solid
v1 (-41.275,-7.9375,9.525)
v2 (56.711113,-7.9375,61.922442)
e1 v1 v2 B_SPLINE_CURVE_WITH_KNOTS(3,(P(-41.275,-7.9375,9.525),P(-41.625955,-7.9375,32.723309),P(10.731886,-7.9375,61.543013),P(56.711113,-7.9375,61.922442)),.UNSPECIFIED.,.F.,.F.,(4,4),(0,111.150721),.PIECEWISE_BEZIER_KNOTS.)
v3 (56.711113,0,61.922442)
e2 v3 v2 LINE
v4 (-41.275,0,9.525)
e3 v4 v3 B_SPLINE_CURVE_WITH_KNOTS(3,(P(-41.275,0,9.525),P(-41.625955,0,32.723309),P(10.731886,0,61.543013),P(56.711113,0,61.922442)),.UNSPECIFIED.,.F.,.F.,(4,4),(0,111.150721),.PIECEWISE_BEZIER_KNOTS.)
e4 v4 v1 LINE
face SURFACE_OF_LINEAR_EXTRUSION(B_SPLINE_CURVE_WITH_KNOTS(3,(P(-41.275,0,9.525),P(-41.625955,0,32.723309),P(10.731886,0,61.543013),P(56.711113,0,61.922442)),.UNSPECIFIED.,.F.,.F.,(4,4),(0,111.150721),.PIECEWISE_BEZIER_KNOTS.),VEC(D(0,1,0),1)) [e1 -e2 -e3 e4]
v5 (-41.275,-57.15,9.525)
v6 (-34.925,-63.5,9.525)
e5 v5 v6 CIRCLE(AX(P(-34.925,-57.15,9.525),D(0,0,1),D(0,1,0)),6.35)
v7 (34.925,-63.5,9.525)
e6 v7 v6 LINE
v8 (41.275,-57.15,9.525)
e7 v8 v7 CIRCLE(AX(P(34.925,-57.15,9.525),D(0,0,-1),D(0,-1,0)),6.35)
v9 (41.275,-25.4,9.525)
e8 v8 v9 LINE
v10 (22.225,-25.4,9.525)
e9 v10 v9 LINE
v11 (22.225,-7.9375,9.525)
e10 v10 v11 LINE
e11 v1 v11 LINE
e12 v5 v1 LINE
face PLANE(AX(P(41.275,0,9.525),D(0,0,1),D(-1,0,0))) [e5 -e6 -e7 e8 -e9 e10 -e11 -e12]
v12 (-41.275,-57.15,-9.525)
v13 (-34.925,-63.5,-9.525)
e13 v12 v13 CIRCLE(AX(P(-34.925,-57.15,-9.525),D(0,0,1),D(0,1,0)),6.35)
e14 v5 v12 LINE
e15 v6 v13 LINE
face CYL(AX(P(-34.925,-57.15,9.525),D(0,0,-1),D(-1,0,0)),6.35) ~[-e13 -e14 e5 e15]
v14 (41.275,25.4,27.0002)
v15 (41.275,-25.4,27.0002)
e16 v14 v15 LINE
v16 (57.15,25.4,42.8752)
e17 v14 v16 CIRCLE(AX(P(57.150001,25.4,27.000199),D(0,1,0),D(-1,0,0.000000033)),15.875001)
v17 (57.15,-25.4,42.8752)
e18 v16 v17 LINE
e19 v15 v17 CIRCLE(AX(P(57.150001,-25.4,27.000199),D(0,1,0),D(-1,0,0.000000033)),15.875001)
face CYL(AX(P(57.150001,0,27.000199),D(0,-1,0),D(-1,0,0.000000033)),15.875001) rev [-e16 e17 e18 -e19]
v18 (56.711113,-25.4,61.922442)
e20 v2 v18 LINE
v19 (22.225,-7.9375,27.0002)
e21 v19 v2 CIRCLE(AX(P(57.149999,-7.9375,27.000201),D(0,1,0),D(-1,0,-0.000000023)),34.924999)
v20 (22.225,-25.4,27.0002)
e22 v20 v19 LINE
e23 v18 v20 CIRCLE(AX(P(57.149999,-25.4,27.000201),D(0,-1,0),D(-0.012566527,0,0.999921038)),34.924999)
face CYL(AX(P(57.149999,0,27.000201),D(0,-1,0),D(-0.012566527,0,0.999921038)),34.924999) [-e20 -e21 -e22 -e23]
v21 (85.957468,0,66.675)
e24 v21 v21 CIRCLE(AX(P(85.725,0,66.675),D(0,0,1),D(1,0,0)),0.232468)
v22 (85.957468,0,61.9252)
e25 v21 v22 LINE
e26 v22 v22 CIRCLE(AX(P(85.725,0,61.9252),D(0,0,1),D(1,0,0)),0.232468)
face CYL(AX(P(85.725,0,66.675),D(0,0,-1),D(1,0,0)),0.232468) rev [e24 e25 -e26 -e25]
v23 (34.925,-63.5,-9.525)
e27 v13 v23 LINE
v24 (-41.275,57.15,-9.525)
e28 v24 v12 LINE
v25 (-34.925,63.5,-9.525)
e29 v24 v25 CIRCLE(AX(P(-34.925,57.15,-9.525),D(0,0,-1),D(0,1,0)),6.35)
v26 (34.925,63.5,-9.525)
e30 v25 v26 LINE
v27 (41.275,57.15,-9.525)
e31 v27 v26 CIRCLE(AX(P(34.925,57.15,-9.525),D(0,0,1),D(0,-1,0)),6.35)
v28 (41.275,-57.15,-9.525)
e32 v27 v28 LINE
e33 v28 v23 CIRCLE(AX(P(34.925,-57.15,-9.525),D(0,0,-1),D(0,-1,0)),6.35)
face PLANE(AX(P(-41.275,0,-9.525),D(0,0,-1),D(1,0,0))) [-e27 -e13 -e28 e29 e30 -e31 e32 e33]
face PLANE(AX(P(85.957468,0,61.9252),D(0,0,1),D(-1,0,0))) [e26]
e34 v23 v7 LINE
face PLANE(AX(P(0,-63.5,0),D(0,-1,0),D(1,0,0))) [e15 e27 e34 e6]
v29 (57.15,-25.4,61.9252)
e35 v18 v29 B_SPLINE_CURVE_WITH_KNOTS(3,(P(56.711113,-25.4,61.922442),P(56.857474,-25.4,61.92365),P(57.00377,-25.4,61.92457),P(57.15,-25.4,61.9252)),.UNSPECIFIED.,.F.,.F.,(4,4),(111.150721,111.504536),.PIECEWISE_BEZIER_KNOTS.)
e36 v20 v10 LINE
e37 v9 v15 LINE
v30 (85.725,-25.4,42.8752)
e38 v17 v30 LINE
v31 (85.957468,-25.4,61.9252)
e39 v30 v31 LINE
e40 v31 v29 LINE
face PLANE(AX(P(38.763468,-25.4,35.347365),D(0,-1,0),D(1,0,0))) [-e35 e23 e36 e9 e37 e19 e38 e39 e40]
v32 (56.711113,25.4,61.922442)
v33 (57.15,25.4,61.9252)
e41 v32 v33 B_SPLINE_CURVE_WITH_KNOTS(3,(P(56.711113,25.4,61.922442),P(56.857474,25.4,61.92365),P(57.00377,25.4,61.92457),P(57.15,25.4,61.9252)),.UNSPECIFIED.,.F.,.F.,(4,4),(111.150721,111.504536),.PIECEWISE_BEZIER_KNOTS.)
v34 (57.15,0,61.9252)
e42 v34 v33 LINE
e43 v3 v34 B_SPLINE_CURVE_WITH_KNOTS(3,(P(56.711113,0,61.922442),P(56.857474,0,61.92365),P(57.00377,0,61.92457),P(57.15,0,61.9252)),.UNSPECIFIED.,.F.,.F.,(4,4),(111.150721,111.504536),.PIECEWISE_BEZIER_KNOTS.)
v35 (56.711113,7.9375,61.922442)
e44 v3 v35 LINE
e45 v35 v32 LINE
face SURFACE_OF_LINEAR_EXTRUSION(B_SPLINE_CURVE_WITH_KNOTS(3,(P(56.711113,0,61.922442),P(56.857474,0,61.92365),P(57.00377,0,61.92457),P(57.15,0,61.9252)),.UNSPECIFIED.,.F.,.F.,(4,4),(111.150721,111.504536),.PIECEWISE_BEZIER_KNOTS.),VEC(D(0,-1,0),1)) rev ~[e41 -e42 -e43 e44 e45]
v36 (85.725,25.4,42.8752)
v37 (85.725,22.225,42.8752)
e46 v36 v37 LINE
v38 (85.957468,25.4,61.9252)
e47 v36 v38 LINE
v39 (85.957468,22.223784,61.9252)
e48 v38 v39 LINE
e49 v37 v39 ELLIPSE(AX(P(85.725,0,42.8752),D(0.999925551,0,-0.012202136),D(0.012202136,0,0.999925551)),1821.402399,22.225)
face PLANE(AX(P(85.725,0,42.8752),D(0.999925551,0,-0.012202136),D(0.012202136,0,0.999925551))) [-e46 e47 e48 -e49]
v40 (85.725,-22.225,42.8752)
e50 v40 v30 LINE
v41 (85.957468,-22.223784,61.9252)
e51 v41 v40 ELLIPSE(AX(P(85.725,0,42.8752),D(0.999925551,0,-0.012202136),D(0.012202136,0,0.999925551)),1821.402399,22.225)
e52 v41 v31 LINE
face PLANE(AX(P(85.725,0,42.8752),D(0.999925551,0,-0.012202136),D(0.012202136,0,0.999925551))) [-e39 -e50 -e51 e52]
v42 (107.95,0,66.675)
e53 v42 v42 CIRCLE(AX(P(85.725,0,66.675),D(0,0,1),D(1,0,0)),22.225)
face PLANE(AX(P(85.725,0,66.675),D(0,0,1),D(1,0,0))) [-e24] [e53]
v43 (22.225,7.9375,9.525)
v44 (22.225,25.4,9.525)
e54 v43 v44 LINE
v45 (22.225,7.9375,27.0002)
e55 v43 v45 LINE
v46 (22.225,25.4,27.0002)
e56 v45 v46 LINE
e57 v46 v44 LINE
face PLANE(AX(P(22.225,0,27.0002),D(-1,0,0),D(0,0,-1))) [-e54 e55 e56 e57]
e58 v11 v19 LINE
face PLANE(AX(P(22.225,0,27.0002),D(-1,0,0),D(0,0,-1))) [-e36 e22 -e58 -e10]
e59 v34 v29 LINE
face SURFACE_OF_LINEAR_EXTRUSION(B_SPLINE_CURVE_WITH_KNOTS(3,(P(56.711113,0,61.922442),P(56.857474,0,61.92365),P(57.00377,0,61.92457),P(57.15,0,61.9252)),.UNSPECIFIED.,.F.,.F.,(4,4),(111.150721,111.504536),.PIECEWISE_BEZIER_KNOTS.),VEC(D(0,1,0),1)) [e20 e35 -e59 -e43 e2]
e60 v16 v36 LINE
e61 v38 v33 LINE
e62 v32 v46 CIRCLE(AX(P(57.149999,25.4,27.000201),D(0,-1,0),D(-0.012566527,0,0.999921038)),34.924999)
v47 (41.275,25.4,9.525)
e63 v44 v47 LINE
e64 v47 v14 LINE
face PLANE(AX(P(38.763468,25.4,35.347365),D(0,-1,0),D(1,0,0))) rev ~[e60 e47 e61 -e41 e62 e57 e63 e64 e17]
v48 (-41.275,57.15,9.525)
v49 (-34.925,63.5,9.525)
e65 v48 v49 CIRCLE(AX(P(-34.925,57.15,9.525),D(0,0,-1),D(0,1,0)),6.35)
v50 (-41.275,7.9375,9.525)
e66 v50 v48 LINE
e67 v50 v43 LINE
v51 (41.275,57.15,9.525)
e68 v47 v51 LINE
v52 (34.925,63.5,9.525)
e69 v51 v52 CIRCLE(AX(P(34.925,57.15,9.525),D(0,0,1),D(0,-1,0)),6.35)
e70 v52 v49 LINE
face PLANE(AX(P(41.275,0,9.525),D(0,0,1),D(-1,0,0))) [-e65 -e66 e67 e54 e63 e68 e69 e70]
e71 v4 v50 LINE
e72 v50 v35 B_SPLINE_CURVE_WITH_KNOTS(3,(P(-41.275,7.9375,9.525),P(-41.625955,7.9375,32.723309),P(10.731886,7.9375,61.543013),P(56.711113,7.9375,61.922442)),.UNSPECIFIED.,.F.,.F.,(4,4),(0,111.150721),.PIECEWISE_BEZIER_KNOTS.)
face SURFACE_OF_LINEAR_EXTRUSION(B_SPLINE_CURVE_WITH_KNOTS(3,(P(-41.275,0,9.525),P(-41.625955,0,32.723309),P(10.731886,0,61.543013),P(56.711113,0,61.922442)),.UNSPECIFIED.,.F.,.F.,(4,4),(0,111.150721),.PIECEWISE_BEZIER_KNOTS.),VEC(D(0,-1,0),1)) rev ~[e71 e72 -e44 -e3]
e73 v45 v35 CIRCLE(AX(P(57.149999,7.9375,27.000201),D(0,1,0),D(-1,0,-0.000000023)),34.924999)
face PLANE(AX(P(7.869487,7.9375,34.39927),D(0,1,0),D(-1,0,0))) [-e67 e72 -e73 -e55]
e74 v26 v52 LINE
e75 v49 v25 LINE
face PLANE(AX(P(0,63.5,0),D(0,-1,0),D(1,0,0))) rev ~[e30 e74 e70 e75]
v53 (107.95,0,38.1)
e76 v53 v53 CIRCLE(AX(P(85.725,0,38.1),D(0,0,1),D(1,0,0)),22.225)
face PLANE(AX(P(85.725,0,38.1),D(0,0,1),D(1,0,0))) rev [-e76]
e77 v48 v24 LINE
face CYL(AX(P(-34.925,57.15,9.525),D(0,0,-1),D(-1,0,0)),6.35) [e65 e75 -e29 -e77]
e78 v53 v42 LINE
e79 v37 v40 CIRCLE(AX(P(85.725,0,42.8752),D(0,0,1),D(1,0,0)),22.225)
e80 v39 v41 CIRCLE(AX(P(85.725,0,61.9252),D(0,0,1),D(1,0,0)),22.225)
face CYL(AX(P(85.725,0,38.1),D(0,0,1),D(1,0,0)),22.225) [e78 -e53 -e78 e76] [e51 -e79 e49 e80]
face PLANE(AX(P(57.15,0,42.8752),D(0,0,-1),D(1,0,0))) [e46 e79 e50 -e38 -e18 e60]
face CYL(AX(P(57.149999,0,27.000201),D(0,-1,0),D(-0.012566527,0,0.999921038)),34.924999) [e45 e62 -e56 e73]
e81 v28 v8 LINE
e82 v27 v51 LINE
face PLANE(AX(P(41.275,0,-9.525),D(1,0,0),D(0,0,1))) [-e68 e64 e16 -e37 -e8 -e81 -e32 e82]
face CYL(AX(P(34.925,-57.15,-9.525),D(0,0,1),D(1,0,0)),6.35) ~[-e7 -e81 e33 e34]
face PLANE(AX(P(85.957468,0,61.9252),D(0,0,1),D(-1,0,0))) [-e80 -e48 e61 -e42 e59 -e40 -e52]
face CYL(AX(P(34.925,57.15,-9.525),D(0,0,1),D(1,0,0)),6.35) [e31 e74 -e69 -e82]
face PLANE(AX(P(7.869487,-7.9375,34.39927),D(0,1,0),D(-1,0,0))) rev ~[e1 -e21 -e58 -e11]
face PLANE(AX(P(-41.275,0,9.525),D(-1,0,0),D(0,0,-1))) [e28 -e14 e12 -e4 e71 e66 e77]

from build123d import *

# Parameters (mm, degrees)
F1_DEPTH = 63.5
F2_DEPTH = 25.4
F3_DEPTH = 7.9375
F5_R     = 6.35


with BuildPart() as f1:
    # F0 (on Front) → F1 (new body, symmetric)
    with BuildSketch(Plane.XZ):
        Polygon((-41.275, 9.525), (-41.275, -9.525), (41.275, -9.525), (41.275, 9.525), (22.225, 9.525), align=None)
    extrude(amount=F1_DEPTH, both=True)

    # F0 (on Front) → F2 (join, symmetric)
    with BuildSketch(Plane.XZ):
        with BuildLine():
            Line((22.225, 9.525), (41.275, 9.525))
            Line((41.275, 9.525), (41.275, 27.0002))
            ThreePointArc((41.275, 27.0002), (45.92468, 38.22552), (57.15, 42.8752))
            Line((57.15, 42.8752), (57.15, 61.9252))
            add(Edge.make_bspline(
                [(56.711113, 61.922442), (56.857474, 61.92365), (57.00377, 61.92457), (57.15, 61.9252)],
                knots=[111.150721, 111.150721, 111.150721, 111.150721, 111.504536, 111.504536, 111.504536, 111.504536], degree=3))
            ThreePointArc((56.711113, 61.922442), (32.29961, 51.540244), (22.225, 27.0002))
            Line((22.225, 27.0002), (22.225, 9.525))
        make_face()
        Polygon((85.957468, 61.9252), (57.15, 61.9252), (57.15, 42.8752), (85.725, 42.8752), align=None)
    extrude(amount=F2_DEPTH, both=True)

    # F0 (on Front) → F3 (join, symmetric)
    with BuildSketch(Plane.XZ):
        with BuildLine():
            add(Edge.make_bspline(
                [(-41.275, 9.525), (-41.625955, 32.723309), (10.731886, 61.543013), (56.711113, 61.922442)],
                knots=[0, 0, 0, 0, 111.150721, 111.150721, 111.150721, 111.150721], degree=3))
            Line((-41.275, 9.525), (22.225, 9.525))
            Line((22.225, 9.525), (22.225, 27.0002))
            ThreePointArc((22.225, 27.0002), (32.29961, 51.540244), (56.711113, 61.922442))
        make_face()
    extrude(amount=F3_DEPTH, both=True)

    # F0 (on Front) → F4 (revolve)
    with BuildSketch(Plane.XZ):
        Polygon((85.957468, 66.675), (85.957468, 61.9252), (85.725, 42.8752), (85.725, 38.1), (107.95, 38.1), (107.95, 66.675), align=None)
    revolve(axis=Axis((85.725, 0, 40.4876), (0, 0, 1)))

    # F5
    f5_edges = [f1.edges().sort_by_distance(p)[0] for p in [
        (-41.275, -63.5, 0),
        (41.275, -63.5, 0),
        (41.275, 63.5, 0),
        (-41.275, 63.5, 0),
    ]]
    fillet(f5_edges, radius=F5_R)


solid = f1.part
